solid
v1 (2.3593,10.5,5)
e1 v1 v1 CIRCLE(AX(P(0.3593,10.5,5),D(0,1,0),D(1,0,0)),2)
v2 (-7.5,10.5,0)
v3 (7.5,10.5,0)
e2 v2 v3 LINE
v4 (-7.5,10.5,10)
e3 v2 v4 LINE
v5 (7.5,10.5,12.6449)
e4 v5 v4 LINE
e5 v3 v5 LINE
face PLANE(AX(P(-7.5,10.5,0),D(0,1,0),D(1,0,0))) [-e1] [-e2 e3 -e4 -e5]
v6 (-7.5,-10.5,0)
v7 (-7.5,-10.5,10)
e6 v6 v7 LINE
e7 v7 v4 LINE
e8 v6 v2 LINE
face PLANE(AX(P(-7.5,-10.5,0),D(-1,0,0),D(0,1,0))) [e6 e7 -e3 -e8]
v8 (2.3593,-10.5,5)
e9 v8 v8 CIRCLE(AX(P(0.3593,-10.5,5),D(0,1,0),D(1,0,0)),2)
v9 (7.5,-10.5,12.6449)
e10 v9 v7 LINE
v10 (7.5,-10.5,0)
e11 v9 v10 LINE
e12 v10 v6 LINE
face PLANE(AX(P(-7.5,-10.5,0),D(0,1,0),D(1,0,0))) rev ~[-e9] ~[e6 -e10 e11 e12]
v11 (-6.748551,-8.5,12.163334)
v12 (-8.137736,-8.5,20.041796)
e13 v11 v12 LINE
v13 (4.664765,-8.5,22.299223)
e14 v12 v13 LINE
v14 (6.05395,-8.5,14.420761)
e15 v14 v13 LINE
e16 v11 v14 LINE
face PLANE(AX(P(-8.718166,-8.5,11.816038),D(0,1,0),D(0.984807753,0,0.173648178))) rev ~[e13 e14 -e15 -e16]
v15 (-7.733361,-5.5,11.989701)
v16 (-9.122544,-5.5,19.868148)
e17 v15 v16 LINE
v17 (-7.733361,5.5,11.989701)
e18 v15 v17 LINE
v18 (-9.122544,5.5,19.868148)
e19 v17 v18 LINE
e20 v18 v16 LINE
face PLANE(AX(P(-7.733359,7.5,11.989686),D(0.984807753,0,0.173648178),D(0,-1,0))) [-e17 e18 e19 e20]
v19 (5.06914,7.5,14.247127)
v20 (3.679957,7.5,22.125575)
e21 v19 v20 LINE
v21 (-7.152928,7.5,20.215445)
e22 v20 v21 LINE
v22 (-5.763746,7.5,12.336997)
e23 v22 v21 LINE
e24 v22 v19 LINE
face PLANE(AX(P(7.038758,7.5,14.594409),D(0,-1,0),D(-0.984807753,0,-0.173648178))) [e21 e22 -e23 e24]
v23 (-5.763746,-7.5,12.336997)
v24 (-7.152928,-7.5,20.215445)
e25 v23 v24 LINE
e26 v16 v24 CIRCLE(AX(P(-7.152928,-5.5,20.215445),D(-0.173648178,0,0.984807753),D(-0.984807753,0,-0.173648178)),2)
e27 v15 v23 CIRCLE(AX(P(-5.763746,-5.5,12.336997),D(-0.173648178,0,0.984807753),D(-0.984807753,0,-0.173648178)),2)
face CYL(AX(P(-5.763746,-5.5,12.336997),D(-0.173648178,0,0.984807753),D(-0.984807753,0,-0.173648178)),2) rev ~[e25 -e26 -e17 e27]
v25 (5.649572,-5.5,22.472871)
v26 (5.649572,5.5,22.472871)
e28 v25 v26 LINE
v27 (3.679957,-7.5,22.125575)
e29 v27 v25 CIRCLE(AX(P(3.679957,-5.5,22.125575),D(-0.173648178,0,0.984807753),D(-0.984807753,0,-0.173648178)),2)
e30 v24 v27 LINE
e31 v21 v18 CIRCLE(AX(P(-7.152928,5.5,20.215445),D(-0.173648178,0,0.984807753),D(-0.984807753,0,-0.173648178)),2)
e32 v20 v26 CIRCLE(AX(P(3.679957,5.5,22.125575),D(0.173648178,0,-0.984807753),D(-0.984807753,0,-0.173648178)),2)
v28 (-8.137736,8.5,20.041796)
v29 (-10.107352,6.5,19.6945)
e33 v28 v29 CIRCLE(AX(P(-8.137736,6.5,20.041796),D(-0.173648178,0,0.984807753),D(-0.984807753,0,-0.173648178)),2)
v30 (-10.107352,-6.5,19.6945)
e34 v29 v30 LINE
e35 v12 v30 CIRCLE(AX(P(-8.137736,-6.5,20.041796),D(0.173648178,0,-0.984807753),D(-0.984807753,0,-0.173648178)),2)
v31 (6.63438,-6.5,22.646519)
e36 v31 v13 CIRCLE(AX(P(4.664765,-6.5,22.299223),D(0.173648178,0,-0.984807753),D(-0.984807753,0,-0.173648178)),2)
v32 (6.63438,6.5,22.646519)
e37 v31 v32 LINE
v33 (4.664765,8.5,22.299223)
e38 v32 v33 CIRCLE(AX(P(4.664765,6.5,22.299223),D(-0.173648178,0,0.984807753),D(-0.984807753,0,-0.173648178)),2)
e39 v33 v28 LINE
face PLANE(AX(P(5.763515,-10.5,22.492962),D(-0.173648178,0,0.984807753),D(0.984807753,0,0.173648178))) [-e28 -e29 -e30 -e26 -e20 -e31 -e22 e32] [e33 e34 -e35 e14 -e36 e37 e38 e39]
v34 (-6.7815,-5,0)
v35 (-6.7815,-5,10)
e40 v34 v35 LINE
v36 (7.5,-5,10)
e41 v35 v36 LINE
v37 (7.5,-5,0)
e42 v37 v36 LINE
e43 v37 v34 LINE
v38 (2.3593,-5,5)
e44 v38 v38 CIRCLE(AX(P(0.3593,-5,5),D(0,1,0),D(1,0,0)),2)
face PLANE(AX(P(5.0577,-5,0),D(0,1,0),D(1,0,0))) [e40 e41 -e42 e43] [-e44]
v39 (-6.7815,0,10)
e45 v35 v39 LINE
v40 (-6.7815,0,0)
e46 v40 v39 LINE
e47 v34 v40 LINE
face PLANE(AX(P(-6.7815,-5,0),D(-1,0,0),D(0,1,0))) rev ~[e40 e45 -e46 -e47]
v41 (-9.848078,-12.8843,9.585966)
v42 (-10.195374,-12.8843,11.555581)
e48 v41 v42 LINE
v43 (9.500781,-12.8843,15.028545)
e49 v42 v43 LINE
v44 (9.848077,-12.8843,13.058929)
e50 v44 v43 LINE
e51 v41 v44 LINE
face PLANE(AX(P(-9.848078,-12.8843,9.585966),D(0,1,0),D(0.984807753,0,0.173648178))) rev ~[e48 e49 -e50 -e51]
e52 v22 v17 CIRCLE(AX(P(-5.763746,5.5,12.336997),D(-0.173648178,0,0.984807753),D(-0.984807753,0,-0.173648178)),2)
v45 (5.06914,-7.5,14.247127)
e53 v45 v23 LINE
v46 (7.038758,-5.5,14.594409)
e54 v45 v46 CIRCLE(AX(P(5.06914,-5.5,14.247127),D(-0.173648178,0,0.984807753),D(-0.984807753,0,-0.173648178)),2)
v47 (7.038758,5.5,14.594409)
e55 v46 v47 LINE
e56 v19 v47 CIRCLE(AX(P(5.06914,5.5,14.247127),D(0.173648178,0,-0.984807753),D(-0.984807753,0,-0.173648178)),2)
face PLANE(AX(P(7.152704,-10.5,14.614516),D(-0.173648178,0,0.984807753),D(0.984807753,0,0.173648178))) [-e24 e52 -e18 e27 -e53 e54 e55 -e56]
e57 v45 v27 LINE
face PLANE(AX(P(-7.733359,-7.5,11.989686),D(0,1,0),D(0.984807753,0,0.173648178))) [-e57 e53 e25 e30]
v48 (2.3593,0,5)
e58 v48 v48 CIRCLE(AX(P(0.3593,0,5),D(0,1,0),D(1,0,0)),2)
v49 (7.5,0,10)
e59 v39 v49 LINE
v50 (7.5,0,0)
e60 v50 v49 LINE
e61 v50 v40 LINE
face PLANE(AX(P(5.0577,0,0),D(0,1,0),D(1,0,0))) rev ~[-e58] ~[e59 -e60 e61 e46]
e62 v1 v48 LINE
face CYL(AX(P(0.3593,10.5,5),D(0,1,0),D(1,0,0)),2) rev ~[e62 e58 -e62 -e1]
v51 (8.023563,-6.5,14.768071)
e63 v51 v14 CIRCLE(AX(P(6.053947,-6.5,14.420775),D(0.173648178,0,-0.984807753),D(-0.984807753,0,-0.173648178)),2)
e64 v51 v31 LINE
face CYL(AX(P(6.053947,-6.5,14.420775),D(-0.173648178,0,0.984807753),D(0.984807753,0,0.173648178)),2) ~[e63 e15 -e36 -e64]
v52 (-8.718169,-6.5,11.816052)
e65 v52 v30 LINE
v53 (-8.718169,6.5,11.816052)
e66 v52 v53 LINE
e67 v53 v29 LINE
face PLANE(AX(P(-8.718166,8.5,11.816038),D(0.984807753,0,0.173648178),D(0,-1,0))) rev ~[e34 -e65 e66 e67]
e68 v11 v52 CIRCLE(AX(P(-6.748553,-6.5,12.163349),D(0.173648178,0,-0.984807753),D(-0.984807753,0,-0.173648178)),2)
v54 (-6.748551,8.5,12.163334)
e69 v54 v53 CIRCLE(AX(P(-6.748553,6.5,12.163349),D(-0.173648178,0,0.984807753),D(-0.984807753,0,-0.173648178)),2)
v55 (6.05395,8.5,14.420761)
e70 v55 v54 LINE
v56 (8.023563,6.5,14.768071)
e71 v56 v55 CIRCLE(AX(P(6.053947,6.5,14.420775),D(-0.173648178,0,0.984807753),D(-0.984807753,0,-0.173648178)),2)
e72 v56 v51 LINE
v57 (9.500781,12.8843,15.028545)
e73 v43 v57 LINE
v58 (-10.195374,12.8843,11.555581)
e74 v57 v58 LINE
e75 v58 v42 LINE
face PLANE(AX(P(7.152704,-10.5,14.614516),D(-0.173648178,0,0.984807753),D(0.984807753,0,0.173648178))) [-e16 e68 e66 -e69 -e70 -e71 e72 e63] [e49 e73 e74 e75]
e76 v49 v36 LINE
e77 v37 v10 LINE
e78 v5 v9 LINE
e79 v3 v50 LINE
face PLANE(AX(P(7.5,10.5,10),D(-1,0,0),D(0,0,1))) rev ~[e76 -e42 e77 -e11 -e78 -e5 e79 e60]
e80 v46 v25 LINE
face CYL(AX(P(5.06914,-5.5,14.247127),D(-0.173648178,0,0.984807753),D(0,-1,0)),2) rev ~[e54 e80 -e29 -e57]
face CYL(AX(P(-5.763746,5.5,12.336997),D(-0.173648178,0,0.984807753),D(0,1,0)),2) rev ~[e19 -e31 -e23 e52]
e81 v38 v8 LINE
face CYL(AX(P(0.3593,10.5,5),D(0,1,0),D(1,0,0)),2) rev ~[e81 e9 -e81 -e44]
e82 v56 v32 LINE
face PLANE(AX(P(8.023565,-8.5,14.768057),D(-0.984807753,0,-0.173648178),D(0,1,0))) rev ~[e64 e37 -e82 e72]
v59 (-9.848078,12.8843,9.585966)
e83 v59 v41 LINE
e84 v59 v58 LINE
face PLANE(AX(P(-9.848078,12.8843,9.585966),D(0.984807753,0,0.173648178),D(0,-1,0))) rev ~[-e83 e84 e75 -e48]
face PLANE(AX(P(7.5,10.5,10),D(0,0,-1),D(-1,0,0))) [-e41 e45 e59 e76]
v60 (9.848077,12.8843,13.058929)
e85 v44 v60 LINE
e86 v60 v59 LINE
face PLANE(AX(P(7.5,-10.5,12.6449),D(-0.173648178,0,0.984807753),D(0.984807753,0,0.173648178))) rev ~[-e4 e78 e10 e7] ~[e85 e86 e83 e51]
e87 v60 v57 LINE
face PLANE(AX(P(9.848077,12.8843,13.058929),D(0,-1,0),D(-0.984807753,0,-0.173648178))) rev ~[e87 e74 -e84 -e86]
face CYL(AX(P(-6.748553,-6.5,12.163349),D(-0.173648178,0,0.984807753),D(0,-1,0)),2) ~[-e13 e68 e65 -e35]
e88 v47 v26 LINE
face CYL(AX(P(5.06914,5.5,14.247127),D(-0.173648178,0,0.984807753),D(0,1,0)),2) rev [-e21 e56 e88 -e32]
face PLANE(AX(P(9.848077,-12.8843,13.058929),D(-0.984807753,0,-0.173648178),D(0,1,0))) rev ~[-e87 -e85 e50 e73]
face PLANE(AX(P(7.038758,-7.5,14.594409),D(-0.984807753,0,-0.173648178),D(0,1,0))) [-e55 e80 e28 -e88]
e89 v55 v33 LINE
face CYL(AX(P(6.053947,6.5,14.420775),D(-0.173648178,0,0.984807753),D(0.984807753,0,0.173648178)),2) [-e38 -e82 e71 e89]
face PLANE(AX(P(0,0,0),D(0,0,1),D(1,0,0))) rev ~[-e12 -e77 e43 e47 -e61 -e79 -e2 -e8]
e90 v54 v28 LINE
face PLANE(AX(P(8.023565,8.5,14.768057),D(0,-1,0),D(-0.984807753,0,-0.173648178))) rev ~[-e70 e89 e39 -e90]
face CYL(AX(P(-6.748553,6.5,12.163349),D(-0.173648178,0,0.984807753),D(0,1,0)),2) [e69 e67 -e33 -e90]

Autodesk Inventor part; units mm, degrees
ref_plane "YZ Plane" through (0, 0, 0) normal (1, 0, 0) x (0, 1, 0)
ref_plane "XZ Plane" through (0, 0, 0) normal (0, 1, 0) x (-1, 0, 0)
ref_plane "XY Plane" through (0, 0, 0) normal (0, 0, 1) x (1, 0, 0)
sketch "Эскиз1" plane through (0, 0, 0) normal (0, 0, 1) x (1, 0, 0)
  line L0 (7.5, -5) -> (7.5, 0) projected
  line L1 (5.0577, -5) -> (7.5, -5) projected
  line L2 (5.0577, -5) -> (-4.3392, -5) projected
  line L3 (-6.7815, -5) -> (-4.3392, -5) projected
  line L4 (-6.7815, -5) -> (-6.7815, 0) projected
  line L5 (-6.7815, 0) -> (-4.3392, 0) projected
  line L6 (5.0577, 0) -> (-4.3392, 0) projected
  line L7 (5.0577, 0) -> (7.5, 0) projected
  line L8 (7.5, -10.5) -> (-7.5, -10.5) projected
  line L9 (7.5, 0) -> (-6.7815, 0) projected
  line L10 (7.5, 10.5) -> (7.5, 0) projected
  line L11 (-7.5, 10.5) -> (7.5, 10.5) projected
  line L12 (-7.5, -10.5) -> (-7.5, 10.5) projected
  line L13 (7.5, -10.5) -> (-7.5, -10.5) projected
  line L14 (7.5, -5) -> (7.5, -10.5) projected
  line L15 (7.5, -5) -> (-6.7815, -5) projected
  line L16 (-6.7815, -5) -> (-6.7815, 0) projected
  point P0 (0, 0)
extrude "Выдавливание1" add sketch "Эскиз1" along normal blind 10 contours L14 L8 L12 L11 L10 L7 L6 L5 L4 L3 L2 L1
sketch "Эскиз2" plane through (-7.5, 10.5, 0) normal (0, 1, 0) x (1, 0, 0)
  circle A0 centre (7.8593, -5) radius 2 projected
  point P0 (7.5, 0)
extrude "Выдавливание2" cut sketch "Эскиз2" against normal through all
sketch "Эскиз3" plane through (-7.5, 10.5, 0) normal (0, 1, 0) x (1, 0, 0)
  line L0 (15, -10) -> (0, -10) projected
  line L1 (15, -10) -> (15, -12.6449)
  line L2 (15, -12.6449) -> (0, -10)
  point P0 (7.5, 0)
  dimension "d5" = 10
extrude "Выдавливание3" add sketch "Эскиз3" against normal up to surface (21 mm away)
sketch "Эскиз4" plane through (7.5, -10.5, 12.6449) normal (-0.1736, 0, 0.9848) x (0.9848, 0, 0.1736)
  line L0 (-15.2314, 0) -> (0, 0) projected
  line L1 (0, 21) -> (0, 0) projected
  line L2 (-15.2314, 21) -> (0, 21) projected
  line L3 (-15.2314, 21) -> (-15.2314, 0) projected
  line L4 (-17.6157, -2.3843) -> (2.3843, -2.3843)
  line L5 (2.3843, -2.3843) -> (2.3843, 23.3843)
  line L6 (2.3843, 23.3843) -> (-17.6157, 23.3843)
  line L7 (-17.6157, 23.3843) -> (-17.6157, -2.3843)
  point P0 (-9.5818, 10.5)
  dimension "d8" = 20
extrude "Выдавливание4" add sketch "Эскиз4" along normal blind 2 contours L3 L2 L1 L0 | L7 L6 L5 L4
sketch "Эскиз5" plane through (7.1527, -10.5, 14.6145) normal (-0.1736, 0, 0.9848) x (0.9848, 0, 0.1736)
  line L0 (0.8843, 19) -> (-16.1157, 19)
  line L1 (-16.1157, 19) -> (-16.1157, 2)
  line L2 (-16.1157, 2) -> (0.8843, 2)
  line L3 (0.8843, 2) -> (0.8843, 19)
  line L4 (2.3843, -2.3843) -> (2.3843, 23.3843) projected
  line L5 (-17.6157, -2.3843) -> (2.3843, -2.3843) projected
  line L6 (-0.1157, 18) -> (-15.1157, 18)
  line L7 (-15.1157, 18) -> (-15.1157, 3)
  line L8 (-15.1157, 3) -> (-0.1157, 3)
  line L9 (-0.1157, 3) -> (-0.1157, 18)
  point P0 (-9.5818, 10.5)
  point P1 (0.8843, 10.5)
  point P2 (2.3843, 10.5)
  point P3 (-7.6157, 2)
  point P4 (-7.6157, -2.3843)
  dimension "d11" = 17
  dimension "d12" = 1
extrude "Выдавливание5" add sketch "Эскиз5" along normal blind 8
fillet "Сопряжение1" radius 2 8 edges at (7.329, -8.5, 18.7073) (7.329, 8.5, 18.7073) (-9.4128, 8.5, 15.7553) (-9.4128, -8.5, 15.7553) (-8.4279, 7.5, 15.9289) (6.3442, 7.5, 18.5337) (-8.4279, -7.5, 15.9289) (6.3442, -7.5, 18.5337)
equation "\"degg\" = 80deg"
properties part number "base_80"
